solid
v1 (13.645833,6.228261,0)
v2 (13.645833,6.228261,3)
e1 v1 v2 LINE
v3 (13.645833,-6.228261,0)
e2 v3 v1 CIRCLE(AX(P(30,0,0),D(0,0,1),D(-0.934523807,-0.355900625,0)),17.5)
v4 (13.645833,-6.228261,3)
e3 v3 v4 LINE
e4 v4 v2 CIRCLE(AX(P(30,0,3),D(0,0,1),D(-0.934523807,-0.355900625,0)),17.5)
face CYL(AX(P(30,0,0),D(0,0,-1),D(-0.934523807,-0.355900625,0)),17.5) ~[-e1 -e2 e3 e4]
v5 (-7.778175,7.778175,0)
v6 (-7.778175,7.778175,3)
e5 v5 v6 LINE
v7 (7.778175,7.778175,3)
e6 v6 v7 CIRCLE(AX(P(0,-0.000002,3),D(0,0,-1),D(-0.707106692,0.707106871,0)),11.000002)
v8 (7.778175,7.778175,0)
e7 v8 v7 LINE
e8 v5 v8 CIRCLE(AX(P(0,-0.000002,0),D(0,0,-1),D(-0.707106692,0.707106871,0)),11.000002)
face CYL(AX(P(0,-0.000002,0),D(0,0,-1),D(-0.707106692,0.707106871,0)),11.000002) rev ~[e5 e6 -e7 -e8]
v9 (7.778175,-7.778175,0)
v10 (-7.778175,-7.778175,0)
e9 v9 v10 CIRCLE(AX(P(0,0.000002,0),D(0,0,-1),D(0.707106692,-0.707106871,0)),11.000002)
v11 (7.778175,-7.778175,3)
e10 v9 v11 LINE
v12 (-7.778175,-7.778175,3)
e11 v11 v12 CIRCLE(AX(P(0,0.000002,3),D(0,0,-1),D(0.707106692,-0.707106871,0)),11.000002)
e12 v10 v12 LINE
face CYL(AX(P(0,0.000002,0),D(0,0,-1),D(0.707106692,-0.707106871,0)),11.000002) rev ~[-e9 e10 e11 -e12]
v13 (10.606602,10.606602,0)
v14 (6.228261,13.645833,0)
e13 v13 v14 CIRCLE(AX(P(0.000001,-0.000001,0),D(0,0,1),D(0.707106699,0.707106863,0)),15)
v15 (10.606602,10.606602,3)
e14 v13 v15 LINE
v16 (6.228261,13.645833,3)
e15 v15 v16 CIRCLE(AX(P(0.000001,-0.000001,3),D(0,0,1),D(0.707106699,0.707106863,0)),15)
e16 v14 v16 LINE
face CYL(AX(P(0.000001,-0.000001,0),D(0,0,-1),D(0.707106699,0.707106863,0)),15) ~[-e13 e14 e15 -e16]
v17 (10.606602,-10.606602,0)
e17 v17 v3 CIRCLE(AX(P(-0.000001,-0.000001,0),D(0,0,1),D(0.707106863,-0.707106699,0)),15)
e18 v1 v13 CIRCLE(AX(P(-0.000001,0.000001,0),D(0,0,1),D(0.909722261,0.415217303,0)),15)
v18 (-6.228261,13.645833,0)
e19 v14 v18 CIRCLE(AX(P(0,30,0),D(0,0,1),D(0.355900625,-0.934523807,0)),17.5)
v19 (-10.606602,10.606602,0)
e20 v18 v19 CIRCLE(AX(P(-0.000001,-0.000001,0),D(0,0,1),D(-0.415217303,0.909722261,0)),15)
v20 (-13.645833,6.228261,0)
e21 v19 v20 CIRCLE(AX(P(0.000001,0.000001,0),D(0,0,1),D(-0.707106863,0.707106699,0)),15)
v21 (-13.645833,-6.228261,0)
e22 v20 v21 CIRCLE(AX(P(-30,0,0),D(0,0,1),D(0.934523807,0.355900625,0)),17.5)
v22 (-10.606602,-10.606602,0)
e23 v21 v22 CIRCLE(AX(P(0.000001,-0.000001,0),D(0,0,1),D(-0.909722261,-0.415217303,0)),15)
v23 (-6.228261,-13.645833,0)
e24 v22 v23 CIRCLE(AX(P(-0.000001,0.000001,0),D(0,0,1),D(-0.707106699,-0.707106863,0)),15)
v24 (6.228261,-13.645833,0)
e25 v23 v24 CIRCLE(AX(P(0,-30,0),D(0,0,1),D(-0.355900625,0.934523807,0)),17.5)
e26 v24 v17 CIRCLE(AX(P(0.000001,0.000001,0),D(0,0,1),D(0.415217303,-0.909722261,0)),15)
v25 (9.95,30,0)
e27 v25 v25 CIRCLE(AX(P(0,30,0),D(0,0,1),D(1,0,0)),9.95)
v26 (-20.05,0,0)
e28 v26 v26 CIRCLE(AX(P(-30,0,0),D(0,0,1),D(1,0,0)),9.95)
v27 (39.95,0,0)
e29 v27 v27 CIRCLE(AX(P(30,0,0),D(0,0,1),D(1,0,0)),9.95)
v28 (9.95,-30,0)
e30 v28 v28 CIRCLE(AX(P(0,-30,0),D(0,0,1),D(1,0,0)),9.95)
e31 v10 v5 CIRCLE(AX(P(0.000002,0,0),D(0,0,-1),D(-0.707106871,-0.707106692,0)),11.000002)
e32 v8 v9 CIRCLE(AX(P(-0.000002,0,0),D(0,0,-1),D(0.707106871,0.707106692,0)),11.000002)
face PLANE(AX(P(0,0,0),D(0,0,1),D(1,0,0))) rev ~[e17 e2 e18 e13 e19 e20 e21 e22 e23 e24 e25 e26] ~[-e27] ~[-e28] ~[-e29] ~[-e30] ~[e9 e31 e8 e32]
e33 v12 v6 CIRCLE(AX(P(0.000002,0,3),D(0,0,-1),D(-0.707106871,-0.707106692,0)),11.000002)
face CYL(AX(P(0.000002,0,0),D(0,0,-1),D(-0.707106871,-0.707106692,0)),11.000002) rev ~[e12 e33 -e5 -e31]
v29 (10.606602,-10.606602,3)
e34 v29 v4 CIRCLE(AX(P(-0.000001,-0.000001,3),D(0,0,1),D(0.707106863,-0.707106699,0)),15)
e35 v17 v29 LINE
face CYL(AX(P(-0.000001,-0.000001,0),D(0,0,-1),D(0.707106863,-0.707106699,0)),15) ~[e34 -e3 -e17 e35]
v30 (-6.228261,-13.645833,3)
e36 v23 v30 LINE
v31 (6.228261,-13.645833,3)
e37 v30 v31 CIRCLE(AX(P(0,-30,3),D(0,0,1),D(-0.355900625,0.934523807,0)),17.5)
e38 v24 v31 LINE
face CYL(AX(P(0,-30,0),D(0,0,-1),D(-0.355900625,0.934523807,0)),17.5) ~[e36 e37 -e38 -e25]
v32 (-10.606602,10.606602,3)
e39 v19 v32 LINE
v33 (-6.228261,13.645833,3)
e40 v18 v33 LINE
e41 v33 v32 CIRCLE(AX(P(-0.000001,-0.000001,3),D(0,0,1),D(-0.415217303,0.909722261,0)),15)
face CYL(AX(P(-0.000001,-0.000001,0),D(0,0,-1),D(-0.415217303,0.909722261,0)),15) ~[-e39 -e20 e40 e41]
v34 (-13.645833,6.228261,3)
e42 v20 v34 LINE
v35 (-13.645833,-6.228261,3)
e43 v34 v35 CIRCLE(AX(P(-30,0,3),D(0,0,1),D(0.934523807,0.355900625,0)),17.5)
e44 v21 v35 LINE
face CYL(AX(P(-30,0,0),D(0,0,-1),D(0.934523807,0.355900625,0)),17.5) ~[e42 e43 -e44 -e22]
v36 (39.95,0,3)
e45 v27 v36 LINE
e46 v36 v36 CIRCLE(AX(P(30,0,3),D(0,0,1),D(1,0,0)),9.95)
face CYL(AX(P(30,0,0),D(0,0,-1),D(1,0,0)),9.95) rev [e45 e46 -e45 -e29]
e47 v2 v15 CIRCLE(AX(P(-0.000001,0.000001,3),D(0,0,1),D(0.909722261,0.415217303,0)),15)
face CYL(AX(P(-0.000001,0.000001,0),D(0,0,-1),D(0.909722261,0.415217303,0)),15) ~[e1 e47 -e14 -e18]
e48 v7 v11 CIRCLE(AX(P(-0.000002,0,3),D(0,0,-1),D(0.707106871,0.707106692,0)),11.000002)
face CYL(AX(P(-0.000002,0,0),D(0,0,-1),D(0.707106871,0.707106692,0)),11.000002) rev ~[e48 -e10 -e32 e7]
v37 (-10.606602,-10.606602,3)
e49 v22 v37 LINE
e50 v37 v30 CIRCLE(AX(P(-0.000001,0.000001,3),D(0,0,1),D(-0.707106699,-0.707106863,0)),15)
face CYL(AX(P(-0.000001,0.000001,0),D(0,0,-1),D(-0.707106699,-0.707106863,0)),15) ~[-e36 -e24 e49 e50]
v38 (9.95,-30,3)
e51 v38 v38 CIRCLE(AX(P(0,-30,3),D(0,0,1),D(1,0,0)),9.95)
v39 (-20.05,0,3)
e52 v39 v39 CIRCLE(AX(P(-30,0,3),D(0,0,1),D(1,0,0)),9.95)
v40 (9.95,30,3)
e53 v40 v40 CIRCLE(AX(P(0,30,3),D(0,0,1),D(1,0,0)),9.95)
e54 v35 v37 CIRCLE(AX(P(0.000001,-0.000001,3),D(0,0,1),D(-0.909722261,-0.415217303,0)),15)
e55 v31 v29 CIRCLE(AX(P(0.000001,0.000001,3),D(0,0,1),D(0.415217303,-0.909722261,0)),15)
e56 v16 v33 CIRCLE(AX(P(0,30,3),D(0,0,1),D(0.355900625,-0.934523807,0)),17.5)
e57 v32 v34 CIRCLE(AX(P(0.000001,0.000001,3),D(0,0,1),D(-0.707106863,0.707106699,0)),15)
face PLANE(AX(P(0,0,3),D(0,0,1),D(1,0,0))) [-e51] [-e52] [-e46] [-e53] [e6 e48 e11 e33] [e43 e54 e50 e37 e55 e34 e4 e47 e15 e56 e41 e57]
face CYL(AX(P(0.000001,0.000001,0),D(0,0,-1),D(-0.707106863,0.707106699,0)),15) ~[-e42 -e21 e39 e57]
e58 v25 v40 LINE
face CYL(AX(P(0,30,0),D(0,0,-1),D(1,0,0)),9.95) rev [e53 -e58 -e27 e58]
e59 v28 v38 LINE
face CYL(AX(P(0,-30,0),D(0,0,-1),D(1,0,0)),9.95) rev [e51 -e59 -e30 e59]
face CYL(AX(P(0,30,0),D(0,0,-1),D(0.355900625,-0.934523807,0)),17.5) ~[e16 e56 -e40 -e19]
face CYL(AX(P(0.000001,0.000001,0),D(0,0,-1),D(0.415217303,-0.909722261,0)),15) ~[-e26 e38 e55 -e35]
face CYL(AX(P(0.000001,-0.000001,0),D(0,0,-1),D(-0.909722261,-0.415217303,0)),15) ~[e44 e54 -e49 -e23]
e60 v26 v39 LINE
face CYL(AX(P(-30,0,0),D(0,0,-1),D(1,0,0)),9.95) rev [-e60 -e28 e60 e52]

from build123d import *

# Parameters (mm, degrees)
F0_R     = 9.95
F1_DEPTH = 3


with BuildPart() as f1:
    # F0 (on Top) → F1 (new body)
    with BuildSketch(Plane.XY):
        with BuildLine():
            ThreePointArc((6.228261, 13.645833), (0, 47.5), (-6.228261, 13.645833))
            ThreePointArc((-6.228261, 13.645833), (-8.553501, 12.322241), (-10.606602, 10.606602))
            ThreePointArc((-10.606602, 10.606602), (-12.322241, 8.553501), (-13.645833, 6.228261))
            ThreePointArc((-13.645833, 6.228261), (-47.5, 0), (-13.645833, -6.228261))
            ThreePointArc((-13.645833, -6.228261), (-12.322241, -8.553501), (-10.606602, -10.606602))
            ThreePointArc((-10.606602, -10.606602), (-8.553501, -12.322241), (-6.228261, -13.645833))
            ThreePointArc((-6.228261, -13.645833), (0, -47.5), (6.228261, -13.645833))
            ThreePointArc((6.228261, -13.645833), (8.553501, -12.322241), (10.606602, -10.606602))
            ThreePointArc((10.606602, -10.606602), (12.322241, -8.553501), (13.645833, -6.228261))
            ThreePointArc((13.645833, -6.228261), (47.5, 0), (13.645833, 6.228261))
            ThreePointArc((13.645833, 6.228261), (12.322241, 8.553501), (10.606602, 10.606602))
            ThreePointArc((10.606602, 10.606602), (8.553501, 12.322241), (6.228261, 13.645833))
        make_face()
        with Locations((0, -30)):
            Circle(F0_R, mode=Mode.SUBTRACT)
        with Locations((-30, 0)):
            Circle(F0_R, mode=Mode.SUBTRACT)
        with BuildLine():
            ThreePointArc((-7.778175, 7.778175), (0, 11), (7.778175, 7.778175))
            ThreePointArc((7.778175, 7.778175), (11, 0), (7.778175, -7.778175))
            ThreePointArc((7.778175, -7.778175), (0, -11), (-7.778175, -7.778175))
            ThreePointArc((-7.778175, -7.778175), (-11, 0), (-7.778175, 7.778175))
        make_face(mode=Mode.SUBTRACT)
        with Locations((30, 0)):
            Circle(F0_R, mode=Mode.SUBTRACT)
        with Locations((0, 30)):
            Circle(F0_R, mode=Mode.SUBTRACT)
    extrude(amount=F1_DEPTH)


solid = f1.part
